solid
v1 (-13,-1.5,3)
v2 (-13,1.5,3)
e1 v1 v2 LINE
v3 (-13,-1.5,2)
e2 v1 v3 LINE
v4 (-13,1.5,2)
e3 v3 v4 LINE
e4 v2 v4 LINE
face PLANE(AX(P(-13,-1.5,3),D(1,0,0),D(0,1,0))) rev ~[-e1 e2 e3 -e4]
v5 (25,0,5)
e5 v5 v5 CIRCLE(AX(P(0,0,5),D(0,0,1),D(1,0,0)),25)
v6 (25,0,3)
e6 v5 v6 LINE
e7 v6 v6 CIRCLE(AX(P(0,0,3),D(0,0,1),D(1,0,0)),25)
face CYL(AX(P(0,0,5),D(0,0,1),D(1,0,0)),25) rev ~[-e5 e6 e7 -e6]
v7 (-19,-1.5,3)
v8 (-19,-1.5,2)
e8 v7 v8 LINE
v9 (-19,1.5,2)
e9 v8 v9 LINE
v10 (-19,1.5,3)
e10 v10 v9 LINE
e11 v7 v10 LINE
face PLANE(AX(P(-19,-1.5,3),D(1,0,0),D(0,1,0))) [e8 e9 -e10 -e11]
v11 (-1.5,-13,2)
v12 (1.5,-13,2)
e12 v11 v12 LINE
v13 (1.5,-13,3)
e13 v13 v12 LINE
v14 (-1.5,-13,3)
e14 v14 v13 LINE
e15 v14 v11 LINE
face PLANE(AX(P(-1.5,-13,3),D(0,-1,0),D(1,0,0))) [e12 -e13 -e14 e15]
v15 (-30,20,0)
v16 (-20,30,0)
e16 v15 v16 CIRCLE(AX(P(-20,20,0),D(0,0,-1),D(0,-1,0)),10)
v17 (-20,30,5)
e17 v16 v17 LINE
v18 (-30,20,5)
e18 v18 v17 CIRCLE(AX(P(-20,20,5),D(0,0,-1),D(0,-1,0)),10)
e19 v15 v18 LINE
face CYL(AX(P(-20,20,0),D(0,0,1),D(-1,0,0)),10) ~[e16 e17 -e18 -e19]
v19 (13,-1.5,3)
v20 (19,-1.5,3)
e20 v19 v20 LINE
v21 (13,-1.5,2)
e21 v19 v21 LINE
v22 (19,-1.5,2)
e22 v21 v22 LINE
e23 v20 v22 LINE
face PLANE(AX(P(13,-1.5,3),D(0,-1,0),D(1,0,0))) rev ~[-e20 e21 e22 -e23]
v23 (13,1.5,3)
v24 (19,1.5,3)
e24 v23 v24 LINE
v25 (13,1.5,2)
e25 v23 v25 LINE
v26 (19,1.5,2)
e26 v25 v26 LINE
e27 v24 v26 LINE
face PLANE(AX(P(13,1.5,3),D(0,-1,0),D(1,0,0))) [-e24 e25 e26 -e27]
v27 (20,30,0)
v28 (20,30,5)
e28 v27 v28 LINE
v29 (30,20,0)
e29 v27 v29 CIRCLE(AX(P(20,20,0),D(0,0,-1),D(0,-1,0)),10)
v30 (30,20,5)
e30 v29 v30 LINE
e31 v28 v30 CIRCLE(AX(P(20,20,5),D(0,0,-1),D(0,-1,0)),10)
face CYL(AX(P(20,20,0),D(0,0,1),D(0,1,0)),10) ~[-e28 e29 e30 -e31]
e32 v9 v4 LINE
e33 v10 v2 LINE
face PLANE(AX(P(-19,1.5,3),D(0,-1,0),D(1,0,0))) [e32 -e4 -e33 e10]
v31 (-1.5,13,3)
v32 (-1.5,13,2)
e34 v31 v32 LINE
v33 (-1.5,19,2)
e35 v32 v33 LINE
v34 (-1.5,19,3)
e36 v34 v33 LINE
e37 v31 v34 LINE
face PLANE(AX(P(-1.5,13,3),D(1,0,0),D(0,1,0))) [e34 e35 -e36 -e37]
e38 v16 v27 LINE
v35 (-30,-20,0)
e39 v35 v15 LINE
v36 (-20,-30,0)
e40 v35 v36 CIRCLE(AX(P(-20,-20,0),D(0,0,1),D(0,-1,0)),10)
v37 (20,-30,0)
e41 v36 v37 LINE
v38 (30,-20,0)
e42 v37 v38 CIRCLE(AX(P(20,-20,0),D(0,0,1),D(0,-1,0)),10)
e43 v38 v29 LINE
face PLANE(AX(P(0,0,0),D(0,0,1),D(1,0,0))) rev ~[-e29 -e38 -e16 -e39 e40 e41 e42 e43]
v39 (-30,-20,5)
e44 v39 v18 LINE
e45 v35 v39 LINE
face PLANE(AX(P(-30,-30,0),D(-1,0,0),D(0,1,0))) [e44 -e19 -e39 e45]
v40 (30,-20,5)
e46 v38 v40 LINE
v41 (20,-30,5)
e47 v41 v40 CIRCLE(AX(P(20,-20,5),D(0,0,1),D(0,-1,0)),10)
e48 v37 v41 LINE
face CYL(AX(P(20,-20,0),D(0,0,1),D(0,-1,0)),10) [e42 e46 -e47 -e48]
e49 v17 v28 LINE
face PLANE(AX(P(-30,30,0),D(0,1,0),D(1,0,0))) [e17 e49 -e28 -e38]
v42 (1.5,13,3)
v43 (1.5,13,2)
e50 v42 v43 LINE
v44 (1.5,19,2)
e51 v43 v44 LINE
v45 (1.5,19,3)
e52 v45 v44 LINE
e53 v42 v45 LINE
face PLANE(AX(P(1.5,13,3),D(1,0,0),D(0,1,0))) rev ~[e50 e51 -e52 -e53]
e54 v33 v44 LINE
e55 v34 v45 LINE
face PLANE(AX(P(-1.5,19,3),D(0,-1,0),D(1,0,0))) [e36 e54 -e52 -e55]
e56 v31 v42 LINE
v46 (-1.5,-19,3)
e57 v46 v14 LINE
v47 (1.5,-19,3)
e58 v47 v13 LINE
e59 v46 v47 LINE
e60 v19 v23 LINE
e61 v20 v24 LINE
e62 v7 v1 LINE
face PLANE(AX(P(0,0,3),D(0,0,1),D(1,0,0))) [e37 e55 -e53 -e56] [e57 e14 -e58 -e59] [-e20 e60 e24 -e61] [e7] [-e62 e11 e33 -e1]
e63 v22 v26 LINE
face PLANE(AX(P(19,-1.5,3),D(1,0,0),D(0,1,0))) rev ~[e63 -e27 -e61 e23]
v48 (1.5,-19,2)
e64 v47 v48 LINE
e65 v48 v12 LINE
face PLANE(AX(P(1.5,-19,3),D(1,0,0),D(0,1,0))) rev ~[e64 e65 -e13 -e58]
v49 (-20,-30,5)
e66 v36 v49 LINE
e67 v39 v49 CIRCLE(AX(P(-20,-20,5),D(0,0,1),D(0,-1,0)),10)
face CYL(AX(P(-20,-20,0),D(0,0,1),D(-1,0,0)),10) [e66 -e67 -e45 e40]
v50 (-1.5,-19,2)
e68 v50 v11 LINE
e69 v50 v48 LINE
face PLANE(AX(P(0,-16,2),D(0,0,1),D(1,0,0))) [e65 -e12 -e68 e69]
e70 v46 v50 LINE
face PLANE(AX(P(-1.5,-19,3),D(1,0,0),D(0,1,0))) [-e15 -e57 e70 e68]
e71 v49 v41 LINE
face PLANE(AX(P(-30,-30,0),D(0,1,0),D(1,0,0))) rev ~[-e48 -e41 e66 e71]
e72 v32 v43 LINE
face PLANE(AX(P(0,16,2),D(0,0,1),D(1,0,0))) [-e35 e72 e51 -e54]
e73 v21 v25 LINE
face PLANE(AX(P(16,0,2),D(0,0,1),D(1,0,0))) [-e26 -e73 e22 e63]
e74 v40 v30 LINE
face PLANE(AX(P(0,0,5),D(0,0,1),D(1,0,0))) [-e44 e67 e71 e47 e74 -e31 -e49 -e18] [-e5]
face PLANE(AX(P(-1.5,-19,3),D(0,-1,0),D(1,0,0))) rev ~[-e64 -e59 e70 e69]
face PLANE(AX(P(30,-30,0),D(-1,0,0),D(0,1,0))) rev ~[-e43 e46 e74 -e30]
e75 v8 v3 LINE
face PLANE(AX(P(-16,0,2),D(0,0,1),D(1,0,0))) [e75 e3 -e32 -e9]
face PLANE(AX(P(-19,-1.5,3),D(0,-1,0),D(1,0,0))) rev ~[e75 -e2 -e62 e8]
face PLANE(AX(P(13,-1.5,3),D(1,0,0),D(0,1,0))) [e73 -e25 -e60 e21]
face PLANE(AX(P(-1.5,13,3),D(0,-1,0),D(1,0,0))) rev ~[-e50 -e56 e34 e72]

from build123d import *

# Parameters (mm, degrees)
F0_W     = 60
F0_H     = 60
F1_DEPTH = 5
F2_R     = 25
F3_DEPTH = 2
F4_R     = 10
F5_W     = 3
F5_H     = 6
F5_W_2   = 6
F5_H_2   = 3
F6_DEPTH = 1


with BuildPart() as f1:
    # F0 (on Top) → F1 (new body)
    with BuildSketch(Plane.XY):
        Rectangle(F0_W, F0_H)
    extrude(amount=F1_DEPTH)

    # F2 (on face) → F3 (cut)
    with BuildSketch(Plane.XY.offset(5)):
        Circle(F2_R)
    extrude(amount=-F3_DEPTH, mode=Mode.SUBTRACT)

    # F4
    f4_edges = [f1.edges().sort_by_distance(p)[0] for p in [
        (-30, -30, 2.5),
        (30, -30, 2.5),
        (30, 30, 2.5),
        (-30, 30, 2.5),
    ]]
    fillet(f4_edges, radius=F4_R)

    # F5 (on face) → F6 (cut)
    with BuildSketch(Plane.XY.offset(3)):
        with Locations((0, 16)):
            Rectangle(F5_W, F5_H)
        with Locations((-16, 0)):
            Rectangle(F5_W_2, F5_H_2)
        with Locations((0, -16)):
            Rectangle(F5_W, F5_H)
        with Locations((16, 0)):
            Rectangle(F5_W_2, F5_H_2)
    extrude(amount=-F6_DEPTH, mode=Mode.SUBTRACT)


solid = f1.part
